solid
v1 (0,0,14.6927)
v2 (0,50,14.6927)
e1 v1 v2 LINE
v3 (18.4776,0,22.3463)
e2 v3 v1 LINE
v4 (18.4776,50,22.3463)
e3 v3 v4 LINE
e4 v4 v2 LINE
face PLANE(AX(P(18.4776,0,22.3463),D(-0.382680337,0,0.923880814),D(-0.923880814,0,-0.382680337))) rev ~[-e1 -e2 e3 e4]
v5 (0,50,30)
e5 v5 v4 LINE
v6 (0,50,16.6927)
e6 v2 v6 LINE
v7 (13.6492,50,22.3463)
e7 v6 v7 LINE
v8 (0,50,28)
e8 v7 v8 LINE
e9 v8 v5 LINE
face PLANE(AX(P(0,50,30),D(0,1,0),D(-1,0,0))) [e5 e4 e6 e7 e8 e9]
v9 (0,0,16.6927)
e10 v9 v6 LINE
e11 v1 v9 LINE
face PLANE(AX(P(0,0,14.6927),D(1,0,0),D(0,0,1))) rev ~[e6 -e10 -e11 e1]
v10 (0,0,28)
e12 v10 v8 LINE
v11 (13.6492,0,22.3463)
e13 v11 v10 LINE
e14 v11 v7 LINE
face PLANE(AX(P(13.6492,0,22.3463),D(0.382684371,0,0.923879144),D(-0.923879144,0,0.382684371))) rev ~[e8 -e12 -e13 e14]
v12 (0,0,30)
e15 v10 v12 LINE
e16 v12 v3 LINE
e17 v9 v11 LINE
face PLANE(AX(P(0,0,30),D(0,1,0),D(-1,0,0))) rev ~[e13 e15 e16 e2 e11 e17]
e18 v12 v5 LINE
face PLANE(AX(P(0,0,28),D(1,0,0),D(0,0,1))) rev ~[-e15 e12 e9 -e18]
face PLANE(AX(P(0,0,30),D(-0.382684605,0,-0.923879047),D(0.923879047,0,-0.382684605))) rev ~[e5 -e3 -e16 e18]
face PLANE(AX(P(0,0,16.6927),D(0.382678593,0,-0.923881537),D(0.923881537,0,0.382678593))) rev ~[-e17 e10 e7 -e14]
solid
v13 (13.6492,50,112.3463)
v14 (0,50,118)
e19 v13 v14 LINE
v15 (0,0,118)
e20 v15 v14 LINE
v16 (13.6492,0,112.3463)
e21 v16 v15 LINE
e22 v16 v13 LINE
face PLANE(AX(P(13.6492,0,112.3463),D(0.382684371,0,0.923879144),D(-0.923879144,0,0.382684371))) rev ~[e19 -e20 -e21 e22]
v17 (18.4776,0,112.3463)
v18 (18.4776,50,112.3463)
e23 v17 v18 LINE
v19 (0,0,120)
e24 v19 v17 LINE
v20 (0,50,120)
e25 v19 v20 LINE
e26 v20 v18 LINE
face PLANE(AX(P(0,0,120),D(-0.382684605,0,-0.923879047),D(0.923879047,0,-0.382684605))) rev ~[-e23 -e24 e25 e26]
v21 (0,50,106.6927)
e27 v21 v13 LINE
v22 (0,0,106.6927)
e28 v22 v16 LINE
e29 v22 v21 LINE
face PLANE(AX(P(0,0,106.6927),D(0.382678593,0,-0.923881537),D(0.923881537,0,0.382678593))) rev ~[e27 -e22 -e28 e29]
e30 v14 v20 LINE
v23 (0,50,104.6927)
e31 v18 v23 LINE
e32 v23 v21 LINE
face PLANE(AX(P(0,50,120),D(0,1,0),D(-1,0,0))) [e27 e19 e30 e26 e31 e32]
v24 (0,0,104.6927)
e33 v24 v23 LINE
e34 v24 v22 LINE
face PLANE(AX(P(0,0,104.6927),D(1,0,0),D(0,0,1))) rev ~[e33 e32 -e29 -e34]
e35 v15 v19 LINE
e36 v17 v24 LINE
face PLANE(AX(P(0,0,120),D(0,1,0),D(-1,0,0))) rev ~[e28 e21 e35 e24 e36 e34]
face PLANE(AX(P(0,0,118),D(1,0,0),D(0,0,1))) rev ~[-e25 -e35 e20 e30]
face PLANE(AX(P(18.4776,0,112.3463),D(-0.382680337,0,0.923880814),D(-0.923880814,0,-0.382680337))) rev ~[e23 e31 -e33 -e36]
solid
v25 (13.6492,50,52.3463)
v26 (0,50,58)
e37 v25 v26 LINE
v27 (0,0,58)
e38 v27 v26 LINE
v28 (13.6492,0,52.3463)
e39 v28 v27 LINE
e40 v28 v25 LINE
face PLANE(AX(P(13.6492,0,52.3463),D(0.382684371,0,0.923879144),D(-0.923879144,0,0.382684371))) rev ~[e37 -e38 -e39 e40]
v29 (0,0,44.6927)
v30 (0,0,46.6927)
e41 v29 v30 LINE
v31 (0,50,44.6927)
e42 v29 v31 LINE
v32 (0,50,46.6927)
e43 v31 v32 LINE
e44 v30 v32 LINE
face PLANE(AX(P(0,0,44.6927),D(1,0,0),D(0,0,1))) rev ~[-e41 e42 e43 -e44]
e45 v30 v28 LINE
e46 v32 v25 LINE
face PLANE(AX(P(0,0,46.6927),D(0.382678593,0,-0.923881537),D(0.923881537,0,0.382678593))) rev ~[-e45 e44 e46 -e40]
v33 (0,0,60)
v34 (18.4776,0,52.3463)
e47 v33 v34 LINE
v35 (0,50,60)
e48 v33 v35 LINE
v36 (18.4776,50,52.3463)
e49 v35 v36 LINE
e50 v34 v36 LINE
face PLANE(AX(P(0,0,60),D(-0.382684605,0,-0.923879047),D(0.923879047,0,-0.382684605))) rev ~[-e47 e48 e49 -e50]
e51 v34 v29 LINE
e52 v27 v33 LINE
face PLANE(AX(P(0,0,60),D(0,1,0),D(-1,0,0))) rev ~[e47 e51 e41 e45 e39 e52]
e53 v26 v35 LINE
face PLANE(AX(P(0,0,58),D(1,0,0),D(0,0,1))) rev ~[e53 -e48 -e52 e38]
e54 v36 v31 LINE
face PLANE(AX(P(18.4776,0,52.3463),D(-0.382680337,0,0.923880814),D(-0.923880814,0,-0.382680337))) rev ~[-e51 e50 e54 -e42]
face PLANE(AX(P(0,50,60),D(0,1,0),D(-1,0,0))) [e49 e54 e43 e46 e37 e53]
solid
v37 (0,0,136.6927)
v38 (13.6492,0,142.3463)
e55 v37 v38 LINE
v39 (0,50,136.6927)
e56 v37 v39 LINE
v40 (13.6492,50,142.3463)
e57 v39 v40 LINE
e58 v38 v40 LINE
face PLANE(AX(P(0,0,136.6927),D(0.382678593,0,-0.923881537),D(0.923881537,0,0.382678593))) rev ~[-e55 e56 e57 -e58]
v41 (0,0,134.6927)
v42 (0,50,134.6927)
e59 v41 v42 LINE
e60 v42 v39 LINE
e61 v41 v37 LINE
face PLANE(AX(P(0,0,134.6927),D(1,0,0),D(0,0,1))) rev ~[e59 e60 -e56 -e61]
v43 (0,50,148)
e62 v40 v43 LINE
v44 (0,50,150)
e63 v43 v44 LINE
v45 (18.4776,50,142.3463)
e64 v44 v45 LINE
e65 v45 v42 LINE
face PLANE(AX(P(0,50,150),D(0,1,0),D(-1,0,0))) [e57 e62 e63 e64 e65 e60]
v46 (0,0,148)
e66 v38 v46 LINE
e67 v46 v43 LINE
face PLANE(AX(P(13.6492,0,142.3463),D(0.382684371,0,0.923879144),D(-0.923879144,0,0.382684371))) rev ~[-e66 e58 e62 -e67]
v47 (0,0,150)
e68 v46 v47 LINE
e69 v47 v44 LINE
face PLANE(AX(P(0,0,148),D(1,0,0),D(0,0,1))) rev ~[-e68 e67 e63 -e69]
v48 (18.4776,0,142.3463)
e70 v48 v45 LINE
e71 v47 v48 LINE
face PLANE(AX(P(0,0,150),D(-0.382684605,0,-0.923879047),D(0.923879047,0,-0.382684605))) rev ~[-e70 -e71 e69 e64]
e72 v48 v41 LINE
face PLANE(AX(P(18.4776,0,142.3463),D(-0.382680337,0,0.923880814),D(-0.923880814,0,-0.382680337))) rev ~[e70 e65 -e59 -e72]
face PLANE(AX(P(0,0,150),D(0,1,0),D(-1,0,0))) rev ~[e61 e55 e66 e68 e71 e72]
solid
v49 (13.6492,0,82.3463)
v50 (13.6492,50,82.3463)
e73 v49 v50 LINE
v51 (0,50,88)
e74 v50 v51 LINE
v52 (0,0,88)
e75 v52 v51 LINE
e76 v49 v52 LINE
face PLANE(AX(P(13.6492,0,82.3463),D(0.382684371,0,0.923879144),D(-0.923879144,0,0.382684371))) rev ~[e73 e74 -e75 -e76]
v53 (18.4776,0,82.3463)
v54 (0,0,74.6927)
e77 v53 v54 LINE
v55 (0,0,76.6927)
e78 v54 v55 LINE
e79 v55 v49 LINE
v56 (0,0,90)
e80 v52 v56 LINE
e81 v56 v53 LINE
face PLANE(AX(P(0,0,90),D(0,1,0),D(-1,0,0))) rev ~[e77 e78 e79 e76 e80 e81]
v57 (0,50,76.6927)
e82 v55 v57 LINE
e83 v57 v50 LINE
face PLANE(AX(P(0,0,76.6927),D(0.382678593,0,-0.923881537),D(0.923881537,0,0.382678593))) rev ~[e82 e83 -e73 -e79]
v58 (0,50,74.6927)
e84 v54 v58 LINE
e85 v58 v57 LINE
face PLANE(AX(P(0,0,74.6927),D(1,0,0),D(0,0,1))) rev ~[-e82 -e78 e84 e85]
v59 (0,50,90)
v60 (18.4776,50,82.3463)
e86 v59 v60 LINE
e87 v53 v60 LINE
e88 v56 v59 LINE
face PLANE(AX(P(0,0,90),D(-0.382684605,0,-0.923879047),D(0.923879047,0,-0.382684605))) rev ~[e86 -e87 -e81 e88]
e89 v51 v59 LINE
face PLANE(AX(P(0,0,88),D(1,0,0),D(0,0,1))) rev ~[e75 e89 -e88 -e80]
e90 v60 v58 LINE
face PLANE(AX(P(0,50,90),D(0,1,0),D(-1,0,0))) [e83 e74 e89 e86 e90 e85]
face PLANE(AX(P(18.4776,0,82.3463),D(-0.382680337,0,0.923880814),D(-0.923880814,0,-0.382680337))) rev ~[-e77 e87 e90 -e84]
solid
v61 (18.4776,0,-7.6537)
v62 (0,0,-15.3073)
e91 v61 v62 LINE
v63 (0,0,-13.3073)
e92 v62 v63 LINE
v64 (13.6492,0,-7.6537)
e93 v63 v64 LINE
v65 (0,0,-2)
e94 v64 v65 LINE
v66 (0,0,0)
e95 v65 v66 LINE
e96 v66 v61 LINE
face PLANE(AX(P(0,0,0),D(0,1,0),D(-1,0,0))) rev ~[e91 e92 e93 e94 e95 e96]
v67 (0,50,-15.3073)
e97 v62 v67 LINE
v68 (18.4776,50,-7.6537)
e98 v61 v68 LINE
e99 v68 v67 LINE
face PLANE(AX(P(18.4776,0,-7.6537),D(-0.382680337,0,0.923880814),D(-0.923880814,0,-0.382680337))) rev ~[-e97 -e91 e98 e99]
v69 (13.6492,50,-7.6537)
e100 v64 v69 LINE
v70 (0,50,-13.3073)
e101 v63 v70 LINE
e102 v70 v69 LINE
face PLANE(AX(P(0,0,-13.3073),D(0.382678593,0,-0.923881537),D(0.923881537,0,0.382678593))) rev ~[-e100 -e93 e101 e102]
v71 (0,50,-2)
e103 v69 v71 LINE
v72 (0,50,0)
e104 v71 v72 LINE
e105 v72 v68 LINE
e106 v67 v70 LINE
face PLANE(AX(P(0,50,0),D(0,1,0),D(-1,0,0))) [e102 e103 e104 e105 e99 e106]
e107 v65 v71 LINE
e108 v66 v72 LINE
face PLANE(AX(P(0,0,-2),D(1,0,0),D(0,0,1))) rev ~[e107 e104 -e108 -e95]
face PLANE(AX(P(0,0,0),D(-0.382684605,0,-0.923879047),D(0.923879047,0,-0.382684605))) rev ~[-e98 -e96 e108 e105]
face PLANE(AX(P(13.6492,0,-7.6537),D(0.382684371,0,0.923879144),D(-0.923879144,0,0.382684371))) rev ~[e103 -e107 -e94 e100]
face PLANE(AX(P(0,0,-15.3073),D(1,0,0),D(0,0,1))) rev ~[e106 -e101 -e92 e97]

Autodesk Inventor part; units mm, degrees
ref_plane "YZ Plane" through (0, 0, 0) normal (1, 0, 0) x (0, 1, 0)
ref_plane "XZ Plane" through (0, 0, 0) normal (0, 1, 0) x (-1, 0, 0)
ref_plane "XY Plane" through (0, 0, 0) normal (0, 0, 1) x (1, 0, 0)
sketch "Sketch1" plane through (0, 0, 0) normal (0, 1, 0) x (-1, 0, 0)
  line L0 (0, 0) -> (-18.4776, -7.6537)
  line L1 (-18.4776, -7.6537) -> (0, -15.3073)
  line L2 (0, -15.3073) -> (0, -13.3073)
  line L3 (0, -13.3073) -> (-13.6492, -7.6537)
  line L4 (-13.6492, -7.6537) -> (0, -2)
  line L5 (0, -2) -> (0, 0)
  dimension "d0" = 2
  dimension "d1" = 20
  dimension "d2" = 45
extrude "Extrusion1" add sketch "Sketch1" along normal blind 50
pattern_linear "Rectangular Pattern1" count 6 spacing 30 along (0, 0, 1) of "Extrusion1"
properties part number "45deg_20mm"
